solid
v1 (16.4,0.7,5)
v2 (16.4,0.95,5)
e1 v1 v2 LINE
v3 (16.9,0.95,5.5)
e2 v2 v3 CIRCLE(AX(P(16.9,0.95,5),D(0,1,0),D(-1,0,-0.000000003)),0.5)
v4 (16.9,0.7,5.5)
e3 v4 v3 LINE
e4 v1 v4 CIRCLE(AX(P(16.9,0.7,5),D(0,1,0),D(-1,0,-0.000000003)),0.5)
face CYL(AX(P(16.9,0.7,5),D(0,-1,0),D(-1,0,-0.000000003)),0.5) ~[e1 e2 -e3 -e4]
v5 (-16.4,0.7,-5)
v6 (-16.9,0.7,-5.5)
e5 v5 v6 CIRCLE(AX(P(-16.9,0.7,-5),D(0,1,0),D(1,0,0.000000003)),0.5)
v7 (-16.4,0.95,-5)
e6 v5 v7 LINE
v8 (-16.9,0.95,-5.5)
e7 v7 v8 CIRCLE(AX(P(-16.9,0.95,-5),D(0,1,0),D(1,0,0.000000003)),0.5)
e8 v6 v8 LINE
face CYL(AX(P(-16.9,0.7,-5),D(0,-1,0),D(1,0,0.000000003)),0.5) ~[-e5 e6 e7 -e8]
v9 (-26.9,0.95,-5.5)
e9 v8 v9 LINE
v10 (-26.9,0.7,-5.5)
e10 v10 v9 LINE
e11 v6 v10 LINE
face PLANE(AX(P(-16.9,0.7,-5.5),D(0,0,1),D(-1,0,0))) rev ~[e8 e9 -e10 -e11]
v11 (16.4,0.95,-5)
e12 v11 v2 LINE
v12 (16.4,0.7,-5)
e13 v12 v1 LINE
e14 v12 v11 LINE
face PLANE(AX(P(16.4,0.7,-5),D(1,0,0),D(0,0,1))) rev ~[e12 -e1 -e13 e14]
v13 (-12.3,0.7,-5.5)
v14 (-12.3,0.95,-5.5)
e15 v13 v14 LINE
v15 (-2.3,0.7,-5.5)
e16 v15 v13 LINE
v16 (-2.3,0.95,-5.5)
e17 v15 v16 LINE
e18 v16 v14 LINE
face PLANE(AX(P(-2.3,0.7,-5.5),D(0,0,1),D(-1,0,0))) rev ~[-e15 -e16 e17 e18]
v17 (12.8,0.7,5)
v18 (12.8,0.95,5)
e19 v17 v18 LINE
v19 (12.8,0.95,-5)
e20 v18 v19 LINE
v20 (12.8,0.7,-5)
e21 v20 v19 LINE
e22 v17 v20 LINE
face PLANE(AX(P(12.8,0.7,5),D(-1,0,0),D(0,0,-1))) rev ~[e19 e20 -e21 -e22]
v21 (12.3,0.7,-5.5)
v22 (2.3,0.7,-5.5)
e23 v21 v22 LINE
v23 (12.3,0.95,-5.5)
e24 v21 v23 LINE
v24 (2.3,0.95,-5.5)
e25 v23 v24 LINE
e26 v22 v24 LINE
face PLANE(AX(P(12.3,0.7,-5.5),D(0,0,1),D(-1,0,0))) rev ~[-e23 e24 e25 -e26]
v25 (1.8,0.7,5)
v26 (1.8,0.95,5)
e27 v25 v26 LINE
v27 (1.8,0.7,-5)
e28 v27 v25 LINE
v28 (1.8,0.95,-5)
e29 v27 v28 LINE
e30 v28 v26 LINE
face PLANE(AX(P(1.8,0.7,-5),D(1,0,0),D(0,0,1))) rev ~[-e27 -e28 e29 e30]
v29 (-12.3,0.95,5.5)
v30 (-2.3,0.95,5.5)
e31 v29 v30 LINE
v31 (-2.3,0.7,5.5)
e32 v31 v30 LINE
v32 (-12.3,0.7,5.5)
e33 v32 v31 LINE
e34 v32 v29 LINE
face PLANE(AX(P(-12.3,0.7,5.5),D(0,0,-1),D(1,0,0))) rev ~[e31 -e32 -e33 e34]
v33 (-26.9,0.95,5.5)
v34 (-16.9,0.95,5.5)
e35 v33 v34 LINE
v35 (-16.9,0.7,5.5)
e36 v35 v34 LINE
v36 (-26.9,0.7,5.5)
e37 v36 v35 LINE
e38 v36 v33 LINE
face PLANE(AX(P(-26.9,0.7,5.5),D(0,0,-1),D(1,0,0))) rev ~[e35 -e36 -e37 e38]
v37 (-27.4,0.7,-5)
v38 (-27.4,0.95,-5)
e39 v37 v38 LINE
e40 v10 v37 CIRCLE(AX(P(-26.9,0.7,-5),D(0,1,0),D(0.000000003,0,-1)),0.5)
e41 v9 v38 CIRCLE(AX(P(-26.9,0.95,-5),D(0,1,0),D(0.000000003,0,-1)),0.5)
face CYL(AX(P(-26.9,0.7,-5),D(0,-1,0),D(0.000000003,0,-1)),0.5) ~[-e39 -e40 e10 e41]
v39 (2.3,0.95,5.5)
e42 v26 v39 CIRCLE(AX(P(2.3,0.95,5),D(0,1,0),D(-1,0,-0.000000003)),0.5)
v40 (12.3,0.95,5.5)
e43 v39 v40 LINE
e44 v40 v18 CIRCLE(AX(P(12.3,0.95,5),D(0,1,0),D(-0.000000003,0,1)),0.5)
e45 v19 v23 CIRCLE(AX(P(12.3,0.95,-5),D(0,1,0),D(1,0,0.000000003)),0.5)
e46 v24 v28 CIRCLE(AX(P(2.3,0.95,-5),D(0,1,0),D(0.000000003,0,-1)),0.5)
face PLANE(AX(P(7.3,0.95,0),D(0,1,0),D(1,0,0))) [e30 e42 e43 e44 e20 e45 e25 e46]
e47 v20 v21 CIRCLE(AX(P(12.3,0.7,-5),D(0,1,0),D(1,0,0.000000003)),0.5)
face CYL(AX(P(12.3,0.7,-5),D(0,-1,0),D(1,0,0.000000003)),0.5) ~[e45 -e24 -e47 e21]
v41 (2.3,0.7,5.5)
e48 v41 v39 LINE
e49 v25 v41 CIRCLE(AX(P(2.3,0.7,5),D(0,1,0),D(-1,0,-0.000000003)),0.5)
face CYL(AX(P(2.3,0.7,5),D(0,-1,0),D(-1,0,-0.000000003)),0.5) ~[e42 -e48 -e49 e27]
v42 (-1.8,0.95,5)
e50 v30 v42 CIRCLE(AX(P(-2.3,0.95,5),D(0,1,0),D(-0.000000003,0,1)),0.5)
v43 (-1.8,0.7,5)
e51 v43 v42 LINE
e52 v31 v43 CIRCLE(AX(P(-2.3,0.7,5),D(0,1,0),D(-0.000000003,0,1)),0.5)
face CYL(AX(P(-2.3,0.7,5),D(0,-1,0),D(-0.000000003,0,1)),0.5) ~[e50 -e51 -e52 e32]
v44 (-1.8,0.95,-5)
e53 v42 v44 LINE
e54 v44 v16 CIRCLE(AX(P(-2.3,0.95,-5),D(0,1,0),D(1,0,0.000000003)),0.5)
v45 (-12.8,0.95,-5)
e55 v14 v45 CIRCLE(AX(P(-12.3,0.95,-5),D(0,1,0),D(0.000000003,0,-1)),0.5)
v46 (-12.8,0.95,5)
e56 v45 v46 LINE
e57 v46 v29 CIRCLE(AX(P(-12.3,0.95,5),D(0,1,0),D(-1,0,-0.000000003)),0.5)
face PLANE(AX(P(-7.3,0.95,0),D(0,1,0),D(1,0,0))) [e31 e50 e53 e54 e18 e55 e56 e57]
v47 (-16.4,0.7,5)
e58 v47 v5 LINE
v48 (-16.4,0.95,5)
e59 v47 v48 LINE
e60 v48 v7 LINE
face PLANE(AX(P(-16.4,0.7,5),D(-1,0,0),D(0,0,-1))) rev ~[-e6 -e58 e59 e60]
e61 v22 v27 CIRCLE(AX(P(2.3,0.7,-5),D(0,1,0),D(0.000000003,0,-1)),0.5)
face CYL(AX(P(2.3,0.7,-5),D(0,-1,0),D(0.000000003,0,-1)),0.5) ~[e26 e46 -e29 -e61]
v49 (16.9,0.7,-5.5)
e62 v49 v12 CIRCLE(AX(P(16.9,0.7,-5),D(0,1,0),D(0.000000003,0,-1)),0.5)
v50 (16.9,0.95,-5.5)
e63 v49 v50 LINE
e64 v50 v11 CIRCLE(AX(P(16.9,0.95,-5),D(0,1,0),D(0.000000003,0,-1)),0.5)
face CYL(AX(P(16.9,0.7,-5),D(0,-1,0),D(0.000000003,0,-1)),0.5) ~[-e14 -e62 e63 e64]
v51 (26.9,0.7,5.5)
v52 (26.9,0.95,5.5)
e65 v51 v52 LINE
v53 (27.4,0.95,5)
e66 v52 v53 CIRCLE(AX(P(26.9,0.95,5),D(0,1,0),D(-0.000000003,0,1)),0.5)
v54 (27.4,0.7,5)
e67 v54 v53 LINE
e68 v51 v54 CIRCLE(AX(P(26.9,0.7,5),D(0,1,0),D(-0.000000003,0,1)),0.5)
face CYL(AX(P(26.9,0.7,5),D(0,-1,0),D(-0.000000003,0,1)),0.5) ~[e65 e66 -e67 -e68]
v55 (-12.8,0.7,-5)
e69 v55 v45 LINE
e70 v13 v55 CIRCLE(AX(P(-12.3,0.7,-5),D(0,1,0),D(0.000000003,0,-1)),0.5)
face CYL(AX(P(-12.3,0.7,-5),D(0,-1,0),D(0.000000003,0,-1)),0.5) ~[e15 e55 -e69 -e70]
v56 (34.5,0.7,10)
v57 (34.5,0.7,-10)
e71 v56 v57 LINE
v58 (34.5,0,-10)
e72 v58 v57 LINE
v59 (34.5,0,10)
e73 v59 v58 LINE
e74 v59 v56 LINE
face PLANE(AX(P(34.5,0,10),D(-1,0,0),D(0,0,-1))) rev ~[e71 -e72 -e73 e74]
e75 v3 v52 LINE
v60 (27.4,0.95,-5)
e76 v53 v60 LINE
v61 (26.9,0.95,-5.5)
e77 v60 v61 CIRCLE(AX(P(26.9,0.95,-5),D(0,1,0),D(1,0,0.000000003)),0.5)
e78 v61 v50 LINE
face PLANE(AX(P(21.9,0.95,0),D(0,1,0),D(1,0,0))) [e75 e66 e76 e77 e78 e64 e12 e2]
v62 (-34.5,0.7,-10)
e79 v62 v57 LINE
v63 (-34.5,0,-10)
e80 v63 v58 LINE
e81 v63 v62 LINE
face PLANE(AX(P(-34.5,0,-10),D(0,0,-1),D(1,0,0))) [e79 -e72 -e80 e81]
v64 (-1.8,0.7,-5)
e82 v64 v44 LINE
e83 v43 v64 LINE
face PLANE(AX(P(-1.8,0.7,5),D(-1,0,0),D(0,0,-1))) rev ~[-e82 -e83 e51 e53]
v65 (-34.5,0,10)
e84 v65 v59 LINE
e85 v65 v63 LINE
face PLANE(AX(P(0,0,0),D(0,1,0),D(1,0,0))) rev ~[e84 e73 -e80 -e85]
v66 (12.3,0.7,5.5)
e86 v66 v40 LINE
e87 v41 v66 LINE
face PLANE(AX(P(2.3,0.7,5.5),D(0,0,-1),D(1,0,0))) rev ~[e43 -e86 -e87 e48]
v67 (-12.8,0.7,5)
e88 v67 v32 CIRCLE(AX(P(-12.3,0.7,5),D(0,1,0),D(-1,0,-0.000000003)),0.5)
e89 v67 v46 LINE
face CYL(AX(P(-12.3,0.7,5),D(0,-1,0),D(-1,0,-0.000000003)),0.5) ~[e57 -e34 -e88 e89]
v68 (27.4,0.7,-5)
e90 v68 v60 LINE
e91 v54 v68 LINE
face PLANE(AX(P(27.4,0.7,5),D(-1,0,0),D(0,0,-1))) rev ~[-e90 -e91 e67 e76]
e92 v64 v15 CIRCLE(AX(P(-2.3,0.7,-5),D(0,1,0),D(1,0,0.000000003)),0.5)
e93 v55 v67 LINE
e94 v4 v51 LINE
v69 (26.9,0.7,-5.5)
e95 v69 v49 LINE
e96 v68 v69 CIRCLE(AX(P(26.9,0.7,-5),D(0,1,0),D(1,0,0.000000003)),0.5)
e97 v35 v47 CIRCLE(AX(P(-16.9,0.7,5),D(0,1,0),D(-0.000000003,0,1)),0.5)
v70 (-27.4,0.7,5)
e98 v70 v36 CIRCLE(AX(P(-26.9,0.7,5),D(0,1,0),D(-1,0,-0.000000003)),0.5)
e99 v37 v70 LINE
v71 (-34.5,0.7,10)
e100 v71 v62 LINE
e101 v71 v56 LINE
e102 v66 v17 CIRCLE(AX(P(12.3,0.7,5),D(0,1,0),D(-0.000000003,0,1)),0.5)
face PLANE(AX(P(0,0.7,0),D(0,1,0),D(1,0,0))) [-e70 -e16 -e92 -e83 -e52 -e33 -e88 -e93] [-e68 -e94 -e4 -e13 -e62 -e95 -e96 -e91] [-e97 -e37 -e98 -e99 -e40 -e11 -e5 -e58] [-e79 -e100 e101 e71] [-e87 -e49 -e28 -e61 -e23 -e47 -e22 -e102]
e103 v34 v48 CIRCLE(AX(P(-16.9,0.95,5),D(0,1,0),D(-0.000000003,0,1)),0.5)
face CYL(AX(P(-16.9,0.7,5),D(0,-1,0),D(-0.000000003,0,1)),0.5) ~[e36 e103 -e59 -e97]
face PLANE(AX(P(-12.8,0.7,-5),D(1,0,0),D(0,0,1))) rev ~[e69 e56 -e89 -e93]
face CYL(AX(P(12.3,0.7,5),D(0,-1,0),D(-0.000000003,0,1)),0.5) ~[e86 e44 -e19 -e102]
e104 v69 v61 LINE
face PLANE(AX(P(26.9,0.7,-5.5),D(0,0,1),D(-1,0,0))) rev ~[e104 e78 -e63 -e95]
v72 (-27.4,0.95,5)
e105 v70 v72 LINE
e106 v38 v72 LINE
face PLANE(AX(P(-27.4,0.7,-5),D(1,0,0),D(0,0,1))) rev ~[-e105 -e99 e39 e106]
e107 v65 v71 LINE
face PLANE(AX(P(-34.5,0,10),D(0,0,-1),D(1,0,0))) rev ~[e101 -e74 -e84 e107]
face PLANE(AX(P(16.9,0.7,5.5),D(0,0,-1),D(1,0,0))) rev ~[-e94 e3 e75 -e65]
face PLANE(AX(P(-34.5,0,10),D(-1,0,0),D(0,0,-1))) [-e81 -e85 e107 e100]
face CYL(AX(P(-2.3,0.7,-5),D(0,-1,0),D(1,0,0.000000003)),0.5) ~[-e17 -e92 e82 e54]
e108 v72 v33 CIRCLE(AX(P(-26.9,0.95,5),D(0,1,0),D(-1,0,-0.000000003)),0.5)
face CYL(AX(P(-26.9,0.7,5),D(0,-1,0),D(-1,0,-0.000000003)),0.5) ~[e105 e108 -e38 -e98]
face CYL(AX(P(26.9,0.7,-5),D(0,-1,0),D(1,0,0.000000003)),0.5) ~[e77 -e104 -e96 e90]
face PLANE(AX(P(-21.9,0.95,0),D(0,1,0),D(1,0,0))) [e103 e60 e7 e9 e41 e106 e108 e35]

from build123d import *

# Parameters (mm, degrees)
SKETCH1_W           = 69
SKETCH1_H           = 20
BOSS_EXTRUDE1_DEPTH = 0.7
BOSS_EXTRUDE2_DEPTH = 0.25


with BuildPart() as part:
    # Sketch1 → Boss-Extrude1 (new body)
    with BuildSketch(Plane(origin=(0, 0, 0), x_dir=(1, 0, 0), z_dir=(0, 1, 0))):
        Rectangle(SKETCH1_W, SKETCH1_H)
    extrude(amount=BOSS_EXTRUDE1_DEPTH)

    # Sketch2 → Boss-Extrude2 (add)
    with BuildSketch(Plane(origin=(0, 0.7, 0), x_dir=(1, 0, 0), z_dir=(0, 1, 0))):
        with BuildLine():
            Line((-26.9, -5.5), (-16.9, -5.5))
            ThreePointArc((-16.9, -5.5), (-16.546446609, -5.353553391), (-16.4, -5))
            Line((-16.4, -5), (-16.4, 5))
            ThreePointArc((-16.4, 5), (-16.546446609, 5.353553391), (-16.9, 5.5))
            Line((-16.9, 5.5), (-26.9, 5.5))
            ThreePointArc((-26.9, 5.5), (-27.253553391, 5.353553391), (-27.4, 5))
            Line((-27.4, 5), (-27.4, -5))
            ThreePointArc((-27.4, -5), (-27.253553391, -5.353553391), (-26.9, -5.5))
        make_face()
        with BuildLine():
            Line((-12.3, -5.5), (-2.3, -5.5))
            ThreePointArc((-2.3, -5.5), (-1.946446609, -5.353553391), (-1.8, -5))
            Line((-1.8, -5), (-1.8, 5))
            ThreePointArc((-1.8, 5), (-1.946446609, 5.353553391), (-2.3, 5.5))
            Line((-2.3, 5.5), (-12.3, 5.5))
            ThreePointArc((-12.3, 5.5), (-12.653553391, 5.353553391), (-12.8, 5))
            Line((-12.8, 5), (-12.8, -5))
            ThreePointArc((-12.8, -5), (-12.653553391, -5.353553391), (-12.3, -5.5))
        make_face()
        with BuildLine():
            Line((2.3, -5.5), (12.3, -5.5))
            ThreePointArc((12.3, -5.5), (12.653553391, -5.353553391), (12.8, -5))
            Line((12.8, -5), (12.8, 5))
            ThreePointArc((12.8, 5), (12.653553391, 5.353553391), (12.3, 5.5))
            Line((12.3, 5.5), (2.3, 5.5))
            ThreePointArc((2.3, 5.5), (1.946446609, 5.353553391), (1.8, 5))
            Line((1.8, 5), (1.8, -5))
            ThreePointArc((1.8, -5), (1.946446609, -5.353553391), (2.3, -5.5))
        make_face()
        with BuildLine():
            Line((16.9, -5.5), (26.9, -5.5))
            ThreePointArc((26.9, -5.5), (27.253553391, -5.353553391), (27.4, -5))
            Line((27.4, -5), (27.4, 5))
            ThreePointArc((27.4, 5), (27.253553391, 5.353553391), (26.9, 5.5))
            Line((26.9, 5.5), (16.9, 5.5))
            ThreePointArc((16.9, 5.5), (16.546446609, 5.353553391), (16.4, 5))
            Line((16.4, 5), (16.4, -5))
            ThreePointArc((16.4, -5), (16.546446609, -5.353553391), (16.9, -5.5))
        make_face()
    extrude(amount=BOSS_EXTRUDE2_DEPTH)


solid = part.part
